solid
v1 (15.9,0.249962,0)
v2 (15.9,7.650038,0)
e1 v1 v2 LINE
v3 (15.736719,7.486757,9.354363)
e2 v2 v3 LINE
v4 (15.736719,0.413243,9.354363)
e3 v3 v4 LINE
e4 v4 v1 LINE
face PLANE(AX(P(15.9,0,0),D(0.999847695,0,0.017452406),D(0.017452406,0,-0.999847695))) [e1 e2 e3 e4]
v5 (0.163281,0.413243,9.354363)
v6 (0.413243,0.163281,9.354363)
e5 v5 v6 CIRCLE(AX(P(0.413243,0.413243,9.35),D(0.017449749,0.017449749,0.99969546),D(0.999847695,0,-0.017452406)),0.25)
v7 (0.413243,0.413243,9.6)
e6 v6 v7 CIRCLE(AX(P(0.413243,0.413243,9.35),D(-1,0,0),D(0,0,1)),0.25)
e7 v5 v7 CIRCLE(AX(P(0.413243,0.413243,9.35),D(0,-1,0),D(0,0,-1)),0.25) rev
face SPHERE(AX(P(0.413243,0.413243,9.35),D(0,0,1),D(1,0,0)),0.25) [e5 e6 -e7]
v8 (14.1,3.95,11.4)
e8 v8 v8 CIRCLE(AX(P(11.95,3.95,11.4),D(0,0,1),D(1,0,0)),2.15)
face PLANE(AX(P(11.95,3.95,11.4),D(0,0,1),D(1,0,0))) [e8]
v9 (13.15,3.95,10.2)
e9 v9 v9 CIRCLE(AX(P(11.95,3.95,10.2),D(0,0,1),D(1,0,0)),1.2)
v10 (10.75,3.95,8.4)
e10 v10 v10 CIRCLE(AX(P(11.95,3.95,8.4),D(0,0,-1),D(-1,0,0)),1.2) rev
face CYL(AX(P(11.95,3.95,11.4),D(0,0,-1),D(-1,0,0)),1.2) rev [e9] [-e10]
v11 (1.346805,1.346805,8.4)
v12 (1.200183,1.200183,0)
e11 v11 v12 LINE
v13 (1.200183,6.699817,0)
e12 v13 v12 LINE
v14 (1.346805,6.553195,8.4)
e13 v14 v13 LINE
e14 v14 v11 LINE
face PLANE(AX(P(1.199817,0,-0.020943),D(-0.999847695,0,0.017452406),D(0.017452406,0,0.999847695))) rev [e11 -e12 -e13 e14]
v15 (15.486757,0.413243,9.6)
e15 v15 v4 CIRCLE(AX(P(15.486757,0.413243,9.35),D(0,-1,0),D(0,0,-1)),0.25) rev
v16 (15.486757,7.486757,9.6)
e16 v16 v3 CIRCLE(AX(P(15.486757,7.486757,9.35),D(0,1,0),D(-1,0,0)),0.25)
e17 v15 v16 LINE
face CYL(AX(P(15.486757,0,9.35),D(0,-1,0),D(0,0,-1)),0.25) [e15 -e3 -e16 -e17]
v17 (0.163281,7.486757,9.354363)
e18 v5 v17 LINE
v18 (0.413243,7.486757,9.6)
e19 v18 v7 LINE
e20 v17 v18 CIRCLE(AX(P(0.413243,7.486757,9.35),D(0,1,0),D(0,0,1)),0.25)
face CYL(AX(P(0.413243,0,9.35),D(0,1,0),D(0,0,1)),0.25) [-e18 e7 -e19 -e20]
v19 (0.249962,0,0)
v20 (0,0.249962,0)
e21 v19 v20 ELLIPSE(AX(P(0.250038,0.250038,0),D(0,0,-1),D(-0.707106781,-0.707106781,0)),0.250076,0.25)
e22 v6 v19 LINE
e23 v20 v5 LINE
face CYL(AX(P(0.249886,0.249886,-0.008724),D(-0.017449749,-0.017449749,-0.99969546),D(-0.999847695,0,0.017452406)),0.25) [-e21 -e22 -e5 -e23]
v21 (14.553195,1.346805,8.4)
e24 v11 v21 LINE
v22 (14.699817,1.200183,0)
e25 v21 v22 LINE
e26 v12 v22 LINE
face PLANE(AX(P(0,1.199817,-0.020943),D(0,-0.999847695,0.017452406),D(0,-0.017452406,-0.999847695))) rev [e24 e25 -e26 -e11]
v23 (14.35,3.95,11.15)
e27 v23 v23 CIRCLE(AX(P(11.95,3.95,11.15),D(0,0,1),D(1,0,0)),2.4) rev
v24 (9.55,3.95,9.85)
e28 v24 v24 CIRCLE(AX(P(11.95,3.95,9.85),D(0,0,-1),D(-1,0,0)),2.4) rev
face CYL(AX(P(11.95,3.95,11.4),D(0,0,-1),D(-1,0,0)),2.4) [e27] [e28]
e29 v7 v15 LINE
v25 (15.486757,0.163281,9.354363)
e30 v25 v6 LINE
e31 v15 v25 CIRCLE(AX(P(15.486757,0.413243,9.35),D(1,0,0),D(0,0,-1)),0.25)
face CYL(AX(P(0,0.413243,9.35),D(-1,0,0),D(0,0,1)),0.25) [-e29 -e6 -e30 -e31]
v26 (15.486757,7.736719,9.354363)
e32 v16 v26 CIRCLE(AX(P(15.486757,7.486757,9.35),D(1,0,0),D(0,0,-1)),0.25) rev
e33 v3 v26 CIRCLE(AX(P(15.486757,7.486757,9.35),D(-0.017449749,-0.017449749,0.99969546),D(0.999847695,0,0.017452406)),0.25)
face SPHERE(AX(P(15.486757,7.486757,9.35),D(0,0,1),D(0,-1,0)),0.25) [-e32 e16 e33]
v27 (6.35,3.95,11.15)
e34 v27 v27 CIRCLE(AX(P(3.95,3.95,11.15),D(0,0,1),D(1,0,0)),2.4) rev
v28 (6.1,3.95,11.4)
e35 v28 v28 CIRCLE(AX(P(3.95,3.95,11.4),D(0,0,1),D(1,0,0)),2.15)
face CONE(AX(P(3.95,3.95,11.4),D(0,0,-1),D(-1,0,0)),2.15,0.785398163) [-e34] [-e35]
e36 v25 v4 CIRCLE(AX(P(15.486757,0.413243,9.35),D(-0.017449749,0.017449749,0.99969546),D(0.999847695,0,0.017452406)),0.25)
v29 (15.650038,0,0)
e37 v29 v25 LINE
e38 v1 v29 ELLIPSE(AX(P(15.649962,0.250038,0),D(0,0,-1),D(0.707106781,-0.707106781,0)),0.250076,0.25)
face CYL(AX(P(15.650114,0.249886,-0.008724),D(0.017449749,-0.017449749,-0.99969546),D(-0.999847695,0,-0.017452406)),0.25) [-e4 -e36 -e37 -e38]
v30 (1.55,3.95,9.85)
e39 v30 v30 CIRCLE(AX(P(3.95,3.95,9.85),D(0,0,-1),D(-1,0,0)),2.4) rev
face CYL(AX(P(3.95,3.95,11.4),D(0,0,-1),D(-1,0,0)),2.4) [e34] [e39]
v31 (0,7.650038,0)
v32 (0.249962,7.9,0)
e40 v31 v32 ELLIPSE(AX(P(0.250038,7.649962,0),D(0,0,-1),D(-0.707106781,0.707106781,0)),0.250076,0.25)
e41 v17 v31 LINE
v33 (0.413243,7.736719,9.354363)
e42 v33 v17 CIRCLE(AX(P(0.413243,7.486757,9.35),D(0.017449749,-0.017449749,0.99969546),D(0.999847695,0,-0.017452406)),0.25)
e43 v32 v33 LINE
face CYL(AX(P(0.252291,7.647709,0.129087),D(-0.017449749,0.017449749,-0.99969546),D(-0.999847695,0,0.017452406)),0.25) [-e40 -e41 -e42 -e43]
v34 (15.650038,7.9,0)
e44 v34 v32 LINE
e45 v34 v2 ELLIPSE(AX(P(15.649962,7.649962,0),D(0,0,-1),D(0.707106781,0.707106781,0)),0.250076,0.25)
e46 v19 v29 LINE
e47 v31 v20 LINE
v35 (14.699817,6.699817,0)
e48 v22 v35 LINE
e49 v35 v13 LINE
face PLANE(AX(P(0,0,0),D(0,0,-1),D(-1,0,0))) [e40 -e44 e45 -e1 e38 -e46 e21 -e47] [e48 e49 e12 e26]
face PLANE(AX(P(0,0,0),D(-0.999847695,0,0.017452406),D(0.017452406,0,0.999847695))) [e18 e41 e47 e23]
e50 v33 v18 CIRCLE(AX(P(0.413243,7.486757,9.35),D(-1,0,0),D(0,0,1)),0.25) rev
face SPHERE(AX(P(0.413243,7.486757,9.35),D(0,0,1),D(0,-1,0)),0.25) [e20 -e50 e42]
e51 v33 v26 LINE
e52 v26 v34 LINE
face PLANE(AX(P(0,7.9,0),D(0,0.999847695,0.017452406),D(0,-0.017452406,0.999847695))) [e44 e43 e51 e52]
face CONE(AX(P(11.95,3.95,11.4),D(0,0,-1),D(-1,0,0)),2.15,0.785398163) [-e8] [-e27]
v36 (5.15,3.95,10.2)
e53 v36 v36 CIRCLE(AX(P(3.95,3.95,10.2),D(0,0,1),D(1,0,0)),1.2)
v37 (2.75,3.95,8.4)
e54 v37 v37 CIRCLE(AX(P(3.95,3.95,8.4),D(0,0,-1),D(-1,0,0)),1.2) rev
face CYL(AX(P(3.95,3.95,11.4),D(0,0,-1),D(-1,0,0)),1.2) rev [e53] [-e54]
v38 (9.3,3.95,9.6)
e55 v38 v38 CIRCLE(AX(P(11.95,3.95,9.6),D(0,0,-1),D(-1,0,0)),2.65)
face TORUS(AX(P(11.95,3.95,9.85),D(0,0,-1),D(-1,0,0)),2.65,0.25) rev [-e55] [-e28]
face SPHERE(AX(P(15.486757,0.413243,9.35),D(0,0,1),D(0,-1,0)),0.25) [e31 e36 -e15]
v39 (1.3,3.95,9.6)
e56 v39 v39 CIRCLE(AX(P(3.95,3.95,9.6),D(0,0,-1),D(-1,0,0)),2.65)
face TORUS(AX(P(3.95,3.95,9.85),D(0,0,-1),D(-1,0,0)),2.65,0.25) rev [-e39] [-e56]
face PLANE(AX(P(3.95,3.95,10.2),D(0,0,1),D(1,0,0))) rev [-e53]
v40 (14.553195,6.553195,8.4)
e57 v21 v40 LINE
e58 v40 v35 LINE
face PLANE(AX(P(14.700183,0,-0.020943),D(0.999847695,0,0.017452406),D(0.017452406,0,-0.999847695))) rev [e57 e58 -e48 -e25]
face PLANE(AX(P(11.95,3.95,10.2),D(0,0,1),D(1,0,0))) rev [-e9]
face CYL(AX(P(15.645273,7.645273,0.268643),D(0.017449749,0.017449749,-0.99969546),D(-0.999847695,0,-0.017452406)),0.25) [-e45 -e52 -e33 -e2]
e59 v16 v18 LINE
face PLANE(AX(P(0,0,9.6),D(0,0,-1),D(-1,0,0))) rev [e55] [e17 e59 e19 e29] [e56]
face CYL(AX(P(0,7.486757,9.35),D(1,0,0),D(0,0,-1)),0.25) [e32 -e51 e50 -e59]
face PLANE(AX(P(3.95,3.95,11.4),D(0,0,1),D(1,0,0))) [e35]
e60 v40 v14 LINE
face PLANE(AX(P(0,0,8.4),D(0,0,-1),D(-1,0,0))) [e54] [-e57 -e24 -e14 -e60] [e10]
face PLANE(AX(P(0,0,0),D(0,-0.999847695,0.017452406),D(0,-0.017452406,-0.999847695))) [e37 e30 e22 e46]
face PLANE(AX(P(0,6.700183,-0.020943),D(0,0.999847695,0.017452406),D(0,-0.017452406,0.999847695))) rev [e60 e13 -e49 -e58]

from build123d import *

# Parameters (mm, degrees)
SKETCH1_W            = 15.9
SKETCH1_H            = 7.9
MAIN_BODY_DEPTH      = 9.6
MAIN_BODY_TAPER      = 1
SKETCH2_R            = 2.4
POST_DEPTH           = 1.8
POST_LPATTERN1_COUNT = 2
POST_LPATTERN1_PITCH = 8
SHELL1_T             = -1.2
BODY_FILLET_R        = 0.25
POST_CHAMFER_SIZE    = 0.25


with BuildPart() as part:
    # Sketch1 → Main Body (new body)
    with BuildSketch(Plane.XY):
        with Locations((7.95, 3.95)):
            Rectangle(SKETCH1_W, SKETCH1_H)
    extrude(amount=MAIN_BODY_DEPTH, taper=MAIN_BODY_TAPER)

    # Sketch2 → Post (add)
    with BuildSketch(Plane.XY.offset(9.6)):
        with Locations(Location((3.95, 3.95, 0), (0, 0, 180))):
            Circle(SKETCH2_R)
    post = extrude(amount=POST_DEPTH)

    # Post LPattern1: Post ×2
    with Locations(*[(i * POST_LPATTERN1_PITCH, 0, 0) for i in range(1, POST_LPATTERN1_COUNT)]):
        add(post)

    # Shell1
    shell1_openings = [part.faces().sort_by_distance(p)[0] for p in [
        (7.95, 3.95, 0),
    ]]
    offset(amount=SHELL1_T, openings=shell1_openings, kind=Kind.INTERSECTION)

    # Body Fillet
    body_fillet_edges = [part.edges().sort_by_distance(p)[0] for p in [
        (15.732431377, 3.95, 9.6),
        (6.35, 3.95, 9.6),
        (7.95, 7.732431377, 9.6),
        (14.35, 3.95, 9.6),
        (0.167568623, 3.95, 9.6),
        (0.083784312, 7.816215688, 4.8),
        (15.816215688, 7.816215688, 4.8),
        (15.816215688, 0.083784312, 4.8),
        (0.083784312, 0.083784312, 4.8),
        (7.95, 0.167568623, 9.6),
    ]]
    fillet(body_fillet_edges, radius=BODY_FILLET_R)

    # Post Chamfer
    post_chamfer_edges = [part.edges().sort_by_distance(p)[0] for p in [
        (6.35, 3.95, 11.4),
        (14.35, 3.95, 11.4),
    ]]
    chamfer(post_chamfer_edges, length=POST_CHAMFER_SIZE)


solid = part.part
